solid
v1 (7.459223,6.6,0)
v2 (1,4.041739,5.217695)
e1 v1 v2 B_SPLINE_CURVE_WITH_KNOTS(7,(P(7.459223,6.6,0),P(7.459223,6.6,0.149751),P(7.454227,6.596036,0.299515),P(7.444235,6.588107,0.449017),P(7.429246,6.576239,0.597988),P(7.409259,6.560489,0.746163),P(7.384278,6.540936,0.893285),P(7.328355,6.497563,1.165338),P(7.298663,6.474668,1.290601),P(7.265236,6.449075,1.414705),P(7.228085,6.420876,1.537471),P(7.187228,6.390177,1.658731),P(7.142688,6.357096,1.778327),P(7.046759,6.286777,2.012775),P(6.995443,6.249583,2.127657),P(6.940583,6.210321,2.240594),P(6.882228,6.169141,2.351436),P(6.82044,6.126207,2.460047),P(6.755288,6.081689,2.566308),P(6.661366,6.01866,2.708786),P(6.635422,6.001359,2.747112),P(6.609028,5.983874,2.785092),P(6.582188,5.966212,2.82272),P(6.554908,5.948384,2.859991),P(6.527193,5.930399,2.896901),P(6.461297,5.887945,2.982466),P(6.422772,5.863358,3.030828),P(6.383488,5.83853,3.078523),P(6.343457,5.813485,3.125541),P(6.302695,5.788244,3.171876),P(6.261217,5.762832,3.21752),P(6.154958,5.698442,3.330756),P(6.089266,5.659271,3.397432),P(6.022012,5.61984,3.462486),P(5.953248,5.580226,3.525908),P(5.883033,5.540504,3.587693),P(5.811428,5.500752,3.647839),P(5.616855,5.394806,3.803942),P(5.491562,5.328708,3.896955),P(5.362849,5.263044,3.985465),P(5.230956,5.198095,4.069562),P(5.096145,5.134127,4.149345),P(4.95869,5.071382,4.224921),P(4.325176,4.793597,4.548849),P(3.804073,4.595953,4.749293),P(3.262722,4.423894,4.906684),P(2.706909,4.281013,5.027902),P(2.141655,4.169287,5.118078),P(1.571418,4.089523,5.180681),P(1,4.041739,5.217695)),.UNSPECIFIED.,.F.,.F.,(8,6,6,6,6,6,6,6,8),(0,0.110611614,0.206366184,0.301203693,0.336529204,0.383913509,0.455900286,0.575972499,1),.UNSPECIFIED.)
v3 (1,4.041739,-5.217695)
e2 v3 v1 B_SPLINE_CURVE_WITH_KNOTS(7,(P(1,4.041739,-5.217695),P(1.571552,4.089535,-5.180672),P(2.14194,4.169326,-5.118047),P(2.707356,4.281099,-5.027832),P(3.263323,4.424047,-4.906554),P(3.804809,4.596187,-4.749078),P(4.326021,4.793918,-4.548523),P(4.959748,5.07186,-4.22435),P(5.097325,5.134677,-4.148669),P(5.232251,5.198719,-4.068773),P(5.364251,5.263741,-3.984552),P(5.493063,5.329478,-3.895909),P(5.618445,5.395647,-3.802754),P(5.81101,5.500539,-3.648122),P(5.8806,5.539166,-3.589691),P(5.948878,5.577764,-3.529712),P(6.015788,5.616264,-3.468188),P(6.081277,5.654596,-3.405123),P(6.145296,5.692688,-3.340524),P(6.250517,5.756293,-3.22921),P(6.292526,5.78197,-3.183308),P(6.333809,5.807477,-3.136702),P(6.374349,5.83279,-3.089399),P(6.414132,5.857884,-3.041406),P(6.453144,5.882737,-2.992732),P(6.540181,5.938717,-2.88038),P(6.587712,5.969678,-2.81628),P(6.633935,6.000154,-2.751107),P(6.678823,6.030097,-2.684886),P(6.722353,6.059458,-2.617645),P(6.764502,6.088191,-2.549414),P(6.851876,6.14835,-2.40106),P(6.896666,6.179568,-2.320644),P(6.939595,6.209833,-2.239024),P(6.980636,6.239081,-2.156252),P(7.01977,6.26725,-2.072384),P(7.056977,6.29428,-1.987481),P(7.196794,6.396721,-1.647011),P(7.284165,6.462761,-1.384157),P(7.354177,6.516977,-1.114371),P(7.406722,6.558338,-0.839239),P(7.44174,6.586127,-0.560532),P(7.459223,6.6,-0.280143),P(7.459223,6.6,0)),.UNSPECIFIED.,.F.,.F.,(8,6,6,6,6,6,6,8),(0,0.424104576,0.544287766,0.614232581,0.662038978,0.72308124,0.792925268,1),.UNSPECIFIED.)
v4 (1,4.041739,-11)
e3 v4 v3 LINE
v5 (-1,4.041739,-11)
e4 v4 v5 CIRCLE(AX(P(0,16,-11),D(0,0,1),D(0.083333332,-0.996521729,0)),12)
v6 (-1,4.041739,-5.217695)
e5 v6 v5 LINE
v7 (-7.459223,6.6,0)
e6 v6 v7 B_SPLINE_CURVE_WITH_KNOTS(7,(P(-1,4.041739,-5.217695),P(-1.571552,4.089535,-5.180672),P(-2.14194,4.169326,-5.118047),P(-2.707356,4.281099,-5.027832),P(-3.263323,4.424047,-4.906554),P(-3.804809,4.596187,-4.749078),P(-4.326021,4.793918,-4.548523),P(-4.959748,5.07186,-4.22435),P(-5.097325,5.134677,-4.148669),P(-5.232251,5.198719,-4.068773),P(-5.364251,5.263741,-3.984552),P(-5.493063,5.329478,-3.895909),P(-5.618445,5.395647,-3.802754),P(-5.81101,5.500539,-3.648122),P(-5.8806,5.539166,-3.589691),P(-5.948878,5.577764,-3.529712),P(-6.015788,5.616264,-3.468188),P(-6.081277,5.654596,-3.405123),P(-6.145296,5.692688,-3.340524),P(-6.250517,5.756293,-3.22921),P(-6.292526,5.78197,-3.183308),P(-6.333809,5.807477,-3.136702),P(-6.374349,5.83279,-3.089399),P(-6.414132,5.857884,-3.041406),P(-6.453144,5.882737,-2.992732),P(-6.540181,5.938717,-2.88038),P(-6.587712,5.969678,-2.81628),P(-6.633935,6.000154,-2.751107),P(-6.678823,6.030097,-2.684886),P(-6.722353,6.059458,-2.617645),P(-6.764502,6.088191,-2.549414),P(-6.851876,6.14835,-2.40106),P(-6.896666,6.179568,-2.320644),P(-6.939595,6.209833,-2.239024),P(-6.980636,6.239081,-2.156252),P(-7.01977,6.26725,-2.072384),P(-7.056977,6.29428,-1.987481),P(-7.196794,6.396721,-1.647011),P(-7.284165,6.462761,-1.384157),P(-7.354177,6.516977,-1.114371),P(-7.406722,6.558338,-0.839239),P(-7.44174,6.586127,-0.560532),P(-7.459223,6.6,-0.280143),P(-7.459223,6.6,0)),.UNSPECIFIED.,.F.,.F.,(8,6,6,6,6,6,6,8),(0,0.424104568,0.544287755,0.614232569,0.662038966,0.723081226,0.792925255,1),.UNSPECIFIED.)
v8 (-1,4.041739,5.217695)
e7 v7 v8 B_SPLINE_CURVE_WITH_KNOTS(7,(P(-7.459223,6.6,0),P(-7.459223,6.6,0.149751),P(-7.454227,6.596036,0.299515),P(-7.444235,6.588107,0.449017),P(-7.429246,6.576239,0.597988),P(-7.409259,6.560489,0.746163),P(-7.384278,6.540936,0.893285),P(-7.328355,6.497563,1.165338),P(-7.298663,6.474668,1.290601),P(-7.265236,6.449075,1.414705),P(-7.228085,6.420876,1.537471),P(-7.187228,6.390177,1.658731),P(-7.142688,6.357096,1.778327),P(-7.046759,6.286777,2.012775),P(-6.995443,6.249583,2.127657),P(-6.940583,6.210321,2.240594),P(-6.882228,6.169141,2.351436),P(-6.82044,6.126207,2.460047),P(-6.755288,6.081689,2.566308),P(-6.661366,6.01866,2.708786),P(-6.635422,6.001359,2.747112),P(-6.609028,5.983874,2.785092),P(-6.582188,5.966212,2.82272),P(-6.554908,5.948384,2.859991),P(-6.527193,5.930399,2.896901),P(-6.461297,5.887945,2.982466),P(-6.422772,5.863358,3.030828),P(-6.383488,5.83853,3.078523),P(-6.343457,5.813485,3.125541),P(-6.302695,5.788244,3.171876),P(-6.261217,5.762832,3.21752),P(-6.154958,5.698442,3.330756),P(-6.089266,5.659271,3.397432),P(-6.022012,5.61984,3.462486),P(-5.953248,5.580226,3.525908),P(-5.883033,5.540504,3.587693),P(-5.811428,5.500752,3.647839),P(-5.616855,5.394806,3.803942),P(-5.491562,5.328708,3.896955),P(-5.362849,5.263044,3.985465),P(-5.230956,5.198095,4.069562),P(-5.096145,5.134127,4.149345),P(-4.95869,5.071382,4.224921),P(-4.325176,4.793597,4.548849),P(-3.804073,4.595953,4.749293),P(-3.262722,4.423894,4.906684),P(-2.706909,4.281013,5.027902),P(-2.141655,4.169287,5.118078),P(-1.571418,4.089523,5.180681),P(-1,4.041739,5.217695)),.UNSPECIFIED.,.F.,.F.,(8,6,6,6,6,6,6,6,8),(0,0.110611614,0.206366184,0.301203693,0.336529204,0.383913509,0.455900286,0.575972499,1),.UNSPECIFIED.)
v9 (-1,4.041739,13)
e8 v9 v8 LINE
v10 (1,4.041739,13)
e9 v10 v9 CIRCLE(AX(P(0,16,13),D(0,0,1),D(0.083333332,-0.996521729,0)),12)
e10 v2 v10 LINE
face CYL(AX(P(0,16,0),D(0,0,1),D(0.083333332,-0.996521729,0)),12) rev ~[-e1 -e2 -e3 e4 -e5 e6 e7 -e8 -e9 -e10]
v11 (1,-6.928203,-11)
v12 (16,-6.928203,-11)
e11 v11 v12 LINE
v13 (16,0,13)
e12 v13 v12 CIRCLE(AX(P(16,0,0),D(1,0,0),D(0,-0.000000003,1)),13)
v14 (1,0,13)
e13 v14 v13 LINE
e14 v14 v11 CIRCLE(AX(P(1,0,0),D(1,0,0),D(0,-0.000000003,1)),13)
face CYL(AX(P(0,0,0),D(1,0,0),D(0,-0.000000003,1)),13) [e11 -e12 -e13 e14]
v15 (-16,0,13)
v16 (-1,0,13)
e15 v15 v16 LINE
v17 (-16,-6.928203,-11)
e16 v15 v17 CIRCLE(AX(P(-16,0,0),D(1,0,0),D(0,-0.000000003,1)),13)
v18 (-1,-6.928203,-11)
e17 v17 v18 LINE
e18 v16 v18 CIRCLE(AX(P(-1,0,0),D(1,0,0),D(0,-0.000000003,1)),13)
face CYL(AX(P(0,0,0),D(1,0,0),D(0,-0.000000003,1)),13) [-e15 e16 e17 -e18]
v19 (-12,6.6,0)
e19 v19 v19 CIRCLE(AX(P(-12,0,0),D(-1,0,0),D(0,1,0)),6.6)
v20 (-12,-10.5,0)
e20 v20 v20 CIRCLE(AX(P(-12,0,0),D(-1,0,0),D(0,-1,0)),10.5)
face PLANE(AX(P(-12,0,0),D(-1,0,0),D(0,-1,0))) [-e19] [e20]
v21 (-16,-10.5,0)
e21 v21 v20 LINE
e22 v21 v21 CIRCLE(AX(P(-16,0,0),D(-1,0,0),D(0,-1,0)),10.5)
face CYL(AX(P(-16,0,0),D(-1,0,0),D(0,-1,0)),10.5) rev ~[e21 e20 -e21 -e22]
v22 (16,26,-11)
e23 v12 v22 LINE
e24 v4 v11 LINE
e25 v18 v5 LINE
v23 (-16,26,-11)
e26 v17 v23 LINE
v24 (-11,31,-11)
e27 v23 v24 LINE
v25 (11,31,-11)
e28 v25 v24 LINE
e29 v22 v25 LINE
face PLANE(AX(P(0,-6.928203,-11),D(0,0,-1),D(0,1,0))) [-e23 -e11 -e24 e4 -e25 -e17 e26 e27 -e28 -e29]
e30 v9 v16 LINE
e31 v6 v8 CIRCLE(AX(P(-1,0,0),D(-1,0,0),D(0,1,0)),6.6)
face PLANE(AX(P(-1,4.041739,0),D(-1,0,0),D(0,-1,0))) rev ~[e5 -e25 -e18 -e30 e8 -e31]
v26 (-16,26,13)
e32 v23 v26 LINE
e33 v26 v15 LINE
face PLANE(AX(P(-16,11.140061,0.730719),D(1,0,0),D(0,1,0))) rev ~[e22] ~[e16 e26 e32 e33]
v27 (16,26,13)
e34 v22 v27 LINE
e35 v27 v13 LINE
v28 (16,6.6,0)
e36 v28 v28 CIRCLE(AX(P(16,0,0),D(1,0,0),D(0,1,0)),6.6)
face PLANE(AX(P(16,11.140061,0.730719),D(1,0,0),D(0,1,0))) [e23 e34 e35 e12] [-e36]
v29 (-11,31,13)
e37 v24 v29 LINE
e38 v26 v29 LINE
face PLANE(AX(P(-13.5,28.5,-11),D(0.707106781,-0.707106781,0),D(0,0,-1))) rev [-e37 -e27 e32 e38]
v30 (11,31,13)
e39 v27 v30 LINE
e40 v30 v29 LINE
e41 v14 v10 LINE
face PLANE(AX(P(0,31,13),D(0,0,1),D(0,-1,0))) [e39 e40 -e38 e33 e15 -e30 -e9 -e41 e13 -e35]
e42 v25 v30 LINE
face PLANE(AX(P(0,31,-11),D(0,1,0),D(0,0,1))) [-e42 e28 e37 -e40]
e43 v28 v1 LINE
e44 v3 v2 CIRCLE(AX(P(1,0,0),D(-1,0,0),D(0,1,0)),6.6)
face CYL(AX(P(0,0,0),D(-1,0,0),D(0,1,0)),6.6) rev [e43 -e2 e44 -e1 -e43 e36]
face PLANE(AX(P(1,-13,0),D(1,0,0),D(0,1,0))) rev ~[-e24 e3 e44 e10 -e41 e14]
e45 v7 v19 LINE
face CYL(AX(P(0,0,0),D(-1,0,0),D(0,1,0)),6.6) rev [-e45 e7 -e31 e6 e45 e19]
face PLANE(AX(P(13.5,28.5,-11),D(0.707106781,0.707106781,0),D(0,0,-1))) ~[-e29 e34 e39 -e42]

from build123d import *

# Parameters (mm, degrees)
F0_R     = 6.6
F2_DEPTH = 16
F3_R     = 10.5
F3_R_2   = 6.6
F4_DEPTH = 4
F5_DEPTH = 15
F6_SIZE  = 5


with BuildPart() as f2:
    # F0 (on Right) → F2 (new body, symmetric)
    with BuildSketch(Plane.YZ):
        with BuildLine():
            Line((31, 13), (0, 13))
            ThreePointArc((0, 13), (-12.489996, 3.605551), (-6.928203, -11))
            Line((-6.928203, -11), (31, -11))
            Line((31, -11), (31, 13))
        make_face()
        Circle(F0_R, mode=Mode.SUBTRACT)
    extrude(amount=F2_DEPTH, both=True)

    # F3 (on face) → F4 (cut)
    with BuildSketch(Plane(origin=(-16, 0, 0), x_dir=(0, -1, 0), z_dir=(-1, 0, 0))):
        Circle(F3_R)
        Circle(F3_R_2, mode=Mode.SUBTRACT)
    extrude(amount=-F4_DEPTH, mode=Mode.SUBTRACT)

    # F1 (on Top) → F5 (cut, symmetric)
    with BuildSketch(Plane.XY):
        with BuildLine():
            Line((-1, -13), (1, -13))
            Line((1, -13), (1, 4.041739))
            ThreePointArc((1, 4.041739), (0, 28), (-1, 4.041739))
            Line((-1, 4.041739), (-1, -13))
        make_face()
    extrude(amount=F5_DEPTH, both=True, mode=Mode.SUBTRACT)

    # F6
    f6_edges = [f2.edges().sort_by_distance(p)[0] for p in [
        (16, 31, 1),
        (-16, 31, 1),
    ]]
    chamfer(f6_edges, length=F6_SIZE)


solid = f2.part
